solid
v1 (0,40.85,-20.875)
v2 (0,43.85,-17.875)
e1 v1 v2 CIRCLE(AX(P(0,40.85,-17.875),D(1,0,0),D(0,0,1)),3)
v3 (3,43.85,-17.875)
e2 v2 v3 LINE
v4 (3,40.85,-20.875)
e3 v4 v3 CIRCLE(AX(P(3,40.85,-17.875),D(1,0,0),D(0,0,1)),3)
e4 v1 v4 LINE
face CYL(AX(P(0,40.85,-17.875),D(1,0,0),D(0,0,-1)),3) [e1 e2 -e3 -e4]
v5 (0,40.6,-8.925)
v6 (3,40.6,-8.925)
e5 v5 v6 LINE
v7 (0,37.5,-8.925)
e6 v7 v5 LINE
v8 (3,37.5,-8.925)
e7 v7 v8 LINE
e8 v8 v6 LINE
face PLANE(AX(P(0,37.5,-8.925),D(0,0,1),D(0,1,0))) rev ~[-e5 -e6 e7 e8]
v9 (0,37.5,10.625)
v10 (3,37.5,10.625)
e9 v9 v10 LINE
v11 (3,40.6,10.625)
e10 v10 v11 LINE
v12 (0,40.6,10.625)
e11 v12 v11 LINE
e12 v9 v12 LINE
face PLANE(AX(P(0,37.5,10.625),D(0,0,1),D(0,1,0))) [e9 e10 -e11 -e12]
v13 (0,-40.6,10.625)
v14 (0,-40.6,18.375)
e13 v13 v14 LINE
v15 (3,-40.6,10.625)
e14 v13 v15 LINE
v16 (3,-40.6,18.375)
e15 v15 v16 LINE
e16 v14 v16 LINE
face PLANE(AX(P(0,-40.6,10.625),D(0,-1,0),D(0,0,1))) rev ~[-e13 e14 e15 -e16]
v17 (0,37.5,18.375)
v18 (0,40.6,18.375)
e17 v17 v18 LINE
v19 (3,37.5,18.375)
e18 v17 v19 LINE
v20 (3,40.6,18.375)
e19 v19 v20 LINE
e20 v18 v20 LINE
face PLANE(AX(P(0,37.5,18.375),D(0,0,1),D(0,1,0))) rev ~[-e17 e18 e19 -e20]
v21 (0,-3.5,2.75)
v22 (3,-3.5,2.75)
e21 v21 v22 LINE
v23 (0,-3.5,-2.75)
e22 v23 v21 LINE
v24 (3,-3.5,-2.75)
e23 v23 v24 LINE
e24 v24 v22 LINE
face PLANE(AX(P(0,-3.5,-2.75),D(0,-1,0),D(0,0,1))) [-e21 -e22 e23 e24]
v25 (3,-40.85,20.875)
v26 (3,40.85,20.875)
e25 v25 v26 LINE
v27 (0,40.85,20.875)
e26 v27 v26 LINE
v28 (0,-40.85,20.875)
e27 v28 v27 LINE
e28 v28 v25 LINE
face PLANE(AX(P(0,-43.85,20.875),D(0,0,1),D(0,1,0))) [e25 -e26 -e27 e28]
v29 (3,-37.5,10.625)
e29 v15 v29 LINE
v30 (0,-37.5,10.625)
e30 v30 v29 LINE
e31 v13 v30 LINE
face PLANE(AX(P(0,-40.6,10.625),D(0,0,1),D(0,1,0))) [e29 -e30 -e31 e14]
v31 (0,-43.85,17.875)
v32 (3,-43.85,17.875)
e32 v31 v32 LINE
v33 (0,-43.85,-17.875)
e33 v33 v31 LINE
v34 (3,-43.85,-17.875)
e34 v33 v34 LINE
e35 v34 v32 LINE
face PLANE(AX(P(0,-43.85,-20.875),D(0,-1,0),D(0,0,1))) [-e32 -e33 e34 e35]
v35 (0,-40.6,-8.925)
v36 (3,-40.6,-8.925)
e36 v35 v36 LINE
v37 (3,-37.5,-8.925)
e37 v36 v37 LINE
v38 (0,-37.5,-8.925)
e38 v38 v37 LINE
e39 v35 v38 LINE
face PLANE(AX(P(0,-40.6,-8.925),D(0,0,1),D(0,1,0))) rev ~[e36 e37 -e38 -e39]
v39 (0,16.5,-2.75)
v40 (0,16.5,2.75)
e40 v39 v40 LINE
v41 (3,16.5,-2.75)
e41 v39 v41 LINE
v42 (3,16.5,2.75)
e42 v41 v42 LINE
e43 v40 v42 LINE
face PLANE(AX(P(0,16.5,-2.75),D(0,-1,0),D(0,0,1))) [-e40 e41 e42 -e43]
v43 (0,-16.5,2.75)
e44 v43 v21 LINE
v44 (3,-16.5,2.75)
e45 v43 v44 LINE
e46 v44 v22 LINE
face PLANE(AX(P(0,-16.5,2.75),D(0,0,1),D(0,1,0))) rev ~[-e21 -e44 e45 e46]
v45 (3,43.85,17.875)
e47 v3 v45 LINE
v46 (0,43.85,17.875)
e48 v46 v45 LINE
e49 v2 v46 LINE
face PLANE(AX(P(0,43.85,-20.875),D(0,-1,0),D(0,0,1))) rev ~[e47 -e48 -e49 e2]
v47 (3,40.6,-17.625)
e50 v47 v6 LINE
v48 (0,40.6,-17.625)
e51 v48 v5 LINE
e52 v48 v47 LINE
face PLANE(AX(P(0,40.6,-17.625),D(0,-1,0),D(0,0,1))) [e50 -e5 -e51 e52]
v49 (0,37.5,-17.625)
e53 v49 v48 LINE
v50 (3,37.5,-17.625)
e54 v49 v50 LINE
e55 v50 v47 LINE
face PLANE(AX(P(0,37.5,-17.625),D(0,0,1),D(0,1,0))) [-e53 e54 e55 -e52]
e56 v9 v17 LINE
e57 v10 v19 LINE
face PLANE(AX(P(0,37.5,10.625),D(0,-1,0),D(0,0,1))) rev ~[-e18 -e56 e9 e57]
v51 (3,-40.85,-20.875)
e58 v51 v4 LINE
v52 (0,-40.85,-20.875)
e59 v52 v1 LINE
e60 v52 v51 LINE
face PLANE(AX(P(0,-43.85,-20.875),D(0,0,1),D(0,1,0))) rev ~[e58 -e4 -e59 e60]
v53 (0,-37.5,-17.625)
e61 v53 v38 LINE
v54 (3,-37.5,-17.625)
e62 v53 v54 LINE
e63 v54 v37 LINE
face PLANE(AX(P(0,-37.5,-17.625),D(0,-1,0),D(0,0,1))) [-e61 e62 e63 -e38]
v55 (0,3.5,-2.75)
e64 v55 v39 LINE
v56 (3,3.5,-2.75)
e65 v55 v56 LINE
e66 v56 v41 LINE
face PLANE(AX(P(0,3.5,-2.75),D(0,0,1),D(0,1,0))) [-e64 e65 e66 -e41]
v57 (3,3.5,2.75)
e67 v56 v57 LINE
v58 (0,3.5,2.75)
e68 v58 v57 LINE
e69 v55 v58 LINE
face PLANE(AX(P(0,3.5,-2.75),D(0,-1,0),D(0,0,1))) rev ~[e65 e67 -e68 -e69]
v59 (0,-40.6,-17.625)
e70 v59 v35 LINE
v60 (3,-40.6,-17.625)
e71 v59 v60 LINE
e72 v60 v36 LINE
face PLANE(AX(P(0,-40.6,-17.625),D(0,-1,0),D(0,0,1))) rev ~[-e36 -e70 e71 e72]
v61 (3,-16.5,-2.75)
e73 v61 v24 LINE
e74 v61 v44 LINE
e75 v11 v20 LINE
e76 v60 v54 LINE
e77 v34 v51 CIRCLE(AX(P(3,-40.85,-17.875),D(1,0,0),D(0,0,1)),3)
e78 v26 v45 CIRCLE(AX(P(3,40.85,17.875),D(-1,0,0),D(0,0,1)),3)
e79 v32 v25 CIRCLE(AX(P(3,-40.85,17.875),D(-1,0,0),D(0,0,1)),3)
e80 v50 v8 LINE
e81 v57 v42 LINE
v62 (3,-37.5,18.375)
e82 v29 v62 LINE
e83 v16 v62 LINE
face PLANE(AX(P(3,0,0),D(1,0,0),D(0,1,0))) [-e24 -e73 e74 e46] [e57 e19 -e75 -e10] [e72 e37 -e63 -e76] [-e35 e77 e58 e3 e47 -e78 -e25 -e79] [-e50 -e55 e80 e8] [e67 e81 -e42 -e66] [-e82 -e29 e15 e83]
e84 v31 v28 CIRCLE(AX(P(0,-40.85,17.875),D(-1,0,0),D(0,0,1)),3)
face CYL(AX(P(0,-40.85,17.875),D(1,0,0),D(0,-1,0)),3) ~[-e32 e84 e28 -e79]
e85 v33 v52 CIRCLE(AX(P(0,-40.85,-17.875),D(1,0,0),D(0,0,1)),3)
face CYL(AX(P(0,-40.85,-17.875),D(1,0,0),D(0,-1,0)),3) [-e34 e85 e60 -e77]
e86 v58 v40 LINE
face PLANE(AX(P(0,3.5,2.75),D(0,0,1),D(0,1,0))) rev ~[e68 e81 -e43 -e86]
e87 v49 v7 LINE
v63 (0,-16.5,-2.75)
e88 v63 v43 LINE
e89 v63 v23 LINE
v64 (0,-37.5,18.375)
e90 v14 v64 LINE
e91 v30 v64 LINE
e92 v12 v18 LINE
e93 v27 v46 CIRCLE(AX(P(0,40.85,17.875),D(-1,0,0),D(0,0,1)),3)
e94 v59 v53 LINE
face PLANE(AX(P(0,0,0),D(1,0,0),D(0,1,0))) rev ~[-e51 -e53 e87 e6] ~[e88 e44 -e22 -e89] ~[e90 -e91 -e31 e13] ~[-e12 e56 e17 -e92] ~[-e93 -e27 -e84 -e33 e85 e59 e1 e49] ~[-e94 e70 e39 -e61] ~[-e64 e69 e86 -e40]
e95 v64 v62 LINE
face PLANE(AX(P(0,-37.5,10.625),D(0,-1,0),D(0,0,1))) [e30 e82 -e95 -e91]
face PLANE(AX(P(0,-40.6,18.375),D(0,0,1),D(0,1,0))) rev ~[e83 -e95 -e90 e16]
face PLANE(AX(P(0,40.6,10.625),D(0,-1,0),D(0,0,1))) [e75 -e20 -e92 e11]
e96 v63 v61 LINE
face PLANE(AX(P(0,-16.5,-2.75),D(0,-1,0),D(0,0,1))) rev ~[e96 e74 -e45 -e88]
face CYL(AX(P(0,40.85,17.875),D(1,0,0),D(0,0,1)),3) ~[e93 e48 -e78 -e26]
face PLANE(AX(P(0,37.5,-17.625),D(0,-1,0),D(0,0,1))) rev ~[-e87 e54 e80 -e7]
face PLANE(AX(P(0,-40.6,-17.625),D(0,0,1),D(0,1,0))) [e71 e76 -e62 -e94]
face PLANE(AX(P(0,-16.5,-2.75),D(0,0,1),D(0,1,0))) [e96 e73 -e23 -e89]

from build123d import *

# Parameters (mm, degrees)
F0_W     = 87.7
F0_H     = 41.75
F0_W_2   = 3.1
F0_H_2   = 8.7
F0_W_3   = 13
F0_H_3   = 5.5
F0_H_4   = 7.75
F1_DEPTH = 3
F2_R     = 3


with BuildPart() as f1:
    # F0 (on Right) → F1 (new body)
    with BuildSketch(Plane.YZ):
        Rectangle(F0_W, F0_H)
        with Locations((-39.05, -13.275)):
            Rectangle(F0_W_2, F0_H_2, mode=Mode.SUBTRACT)
        with Locations((39.05, -13.275)):
            Rectangle(F0_W_2, F0_H_2, mode=Mode.SUBTRACT)
        with Locations((-10, 0)):
            Rectangle(F0_W_3, F0_H_3, mode=Mode.SUBTRACT)
        with Locations((-39.05, 14.5)):
            Rectangle(F0_W_2, F0_H_4, mode=Mode.SUBTRACT)
        with Locations((10, 0)):
            Rectangle(F0_W_3, F0_H_3, mode=Mode.SUBTRACT)
        with Locations((39.05, 14.5)):
            Rectangle(F0_W_2, F0_H_4, mode=Mode.SUBTRACT)
    extrude(amount=F1_DEPTH)

    # F2
    f2_edges = [f1.edges().sort_by_distance(p)[0] for p in [
        (1.5, -43.85, 20.875),
        (1.5, -43.85, -20.875),
        (1.5, 43.85, 20.875),
        (1.5, 43.85, -20.875),
    ]]
    fillet(f2_edges, radius=F2_R)


solid = f1.part
